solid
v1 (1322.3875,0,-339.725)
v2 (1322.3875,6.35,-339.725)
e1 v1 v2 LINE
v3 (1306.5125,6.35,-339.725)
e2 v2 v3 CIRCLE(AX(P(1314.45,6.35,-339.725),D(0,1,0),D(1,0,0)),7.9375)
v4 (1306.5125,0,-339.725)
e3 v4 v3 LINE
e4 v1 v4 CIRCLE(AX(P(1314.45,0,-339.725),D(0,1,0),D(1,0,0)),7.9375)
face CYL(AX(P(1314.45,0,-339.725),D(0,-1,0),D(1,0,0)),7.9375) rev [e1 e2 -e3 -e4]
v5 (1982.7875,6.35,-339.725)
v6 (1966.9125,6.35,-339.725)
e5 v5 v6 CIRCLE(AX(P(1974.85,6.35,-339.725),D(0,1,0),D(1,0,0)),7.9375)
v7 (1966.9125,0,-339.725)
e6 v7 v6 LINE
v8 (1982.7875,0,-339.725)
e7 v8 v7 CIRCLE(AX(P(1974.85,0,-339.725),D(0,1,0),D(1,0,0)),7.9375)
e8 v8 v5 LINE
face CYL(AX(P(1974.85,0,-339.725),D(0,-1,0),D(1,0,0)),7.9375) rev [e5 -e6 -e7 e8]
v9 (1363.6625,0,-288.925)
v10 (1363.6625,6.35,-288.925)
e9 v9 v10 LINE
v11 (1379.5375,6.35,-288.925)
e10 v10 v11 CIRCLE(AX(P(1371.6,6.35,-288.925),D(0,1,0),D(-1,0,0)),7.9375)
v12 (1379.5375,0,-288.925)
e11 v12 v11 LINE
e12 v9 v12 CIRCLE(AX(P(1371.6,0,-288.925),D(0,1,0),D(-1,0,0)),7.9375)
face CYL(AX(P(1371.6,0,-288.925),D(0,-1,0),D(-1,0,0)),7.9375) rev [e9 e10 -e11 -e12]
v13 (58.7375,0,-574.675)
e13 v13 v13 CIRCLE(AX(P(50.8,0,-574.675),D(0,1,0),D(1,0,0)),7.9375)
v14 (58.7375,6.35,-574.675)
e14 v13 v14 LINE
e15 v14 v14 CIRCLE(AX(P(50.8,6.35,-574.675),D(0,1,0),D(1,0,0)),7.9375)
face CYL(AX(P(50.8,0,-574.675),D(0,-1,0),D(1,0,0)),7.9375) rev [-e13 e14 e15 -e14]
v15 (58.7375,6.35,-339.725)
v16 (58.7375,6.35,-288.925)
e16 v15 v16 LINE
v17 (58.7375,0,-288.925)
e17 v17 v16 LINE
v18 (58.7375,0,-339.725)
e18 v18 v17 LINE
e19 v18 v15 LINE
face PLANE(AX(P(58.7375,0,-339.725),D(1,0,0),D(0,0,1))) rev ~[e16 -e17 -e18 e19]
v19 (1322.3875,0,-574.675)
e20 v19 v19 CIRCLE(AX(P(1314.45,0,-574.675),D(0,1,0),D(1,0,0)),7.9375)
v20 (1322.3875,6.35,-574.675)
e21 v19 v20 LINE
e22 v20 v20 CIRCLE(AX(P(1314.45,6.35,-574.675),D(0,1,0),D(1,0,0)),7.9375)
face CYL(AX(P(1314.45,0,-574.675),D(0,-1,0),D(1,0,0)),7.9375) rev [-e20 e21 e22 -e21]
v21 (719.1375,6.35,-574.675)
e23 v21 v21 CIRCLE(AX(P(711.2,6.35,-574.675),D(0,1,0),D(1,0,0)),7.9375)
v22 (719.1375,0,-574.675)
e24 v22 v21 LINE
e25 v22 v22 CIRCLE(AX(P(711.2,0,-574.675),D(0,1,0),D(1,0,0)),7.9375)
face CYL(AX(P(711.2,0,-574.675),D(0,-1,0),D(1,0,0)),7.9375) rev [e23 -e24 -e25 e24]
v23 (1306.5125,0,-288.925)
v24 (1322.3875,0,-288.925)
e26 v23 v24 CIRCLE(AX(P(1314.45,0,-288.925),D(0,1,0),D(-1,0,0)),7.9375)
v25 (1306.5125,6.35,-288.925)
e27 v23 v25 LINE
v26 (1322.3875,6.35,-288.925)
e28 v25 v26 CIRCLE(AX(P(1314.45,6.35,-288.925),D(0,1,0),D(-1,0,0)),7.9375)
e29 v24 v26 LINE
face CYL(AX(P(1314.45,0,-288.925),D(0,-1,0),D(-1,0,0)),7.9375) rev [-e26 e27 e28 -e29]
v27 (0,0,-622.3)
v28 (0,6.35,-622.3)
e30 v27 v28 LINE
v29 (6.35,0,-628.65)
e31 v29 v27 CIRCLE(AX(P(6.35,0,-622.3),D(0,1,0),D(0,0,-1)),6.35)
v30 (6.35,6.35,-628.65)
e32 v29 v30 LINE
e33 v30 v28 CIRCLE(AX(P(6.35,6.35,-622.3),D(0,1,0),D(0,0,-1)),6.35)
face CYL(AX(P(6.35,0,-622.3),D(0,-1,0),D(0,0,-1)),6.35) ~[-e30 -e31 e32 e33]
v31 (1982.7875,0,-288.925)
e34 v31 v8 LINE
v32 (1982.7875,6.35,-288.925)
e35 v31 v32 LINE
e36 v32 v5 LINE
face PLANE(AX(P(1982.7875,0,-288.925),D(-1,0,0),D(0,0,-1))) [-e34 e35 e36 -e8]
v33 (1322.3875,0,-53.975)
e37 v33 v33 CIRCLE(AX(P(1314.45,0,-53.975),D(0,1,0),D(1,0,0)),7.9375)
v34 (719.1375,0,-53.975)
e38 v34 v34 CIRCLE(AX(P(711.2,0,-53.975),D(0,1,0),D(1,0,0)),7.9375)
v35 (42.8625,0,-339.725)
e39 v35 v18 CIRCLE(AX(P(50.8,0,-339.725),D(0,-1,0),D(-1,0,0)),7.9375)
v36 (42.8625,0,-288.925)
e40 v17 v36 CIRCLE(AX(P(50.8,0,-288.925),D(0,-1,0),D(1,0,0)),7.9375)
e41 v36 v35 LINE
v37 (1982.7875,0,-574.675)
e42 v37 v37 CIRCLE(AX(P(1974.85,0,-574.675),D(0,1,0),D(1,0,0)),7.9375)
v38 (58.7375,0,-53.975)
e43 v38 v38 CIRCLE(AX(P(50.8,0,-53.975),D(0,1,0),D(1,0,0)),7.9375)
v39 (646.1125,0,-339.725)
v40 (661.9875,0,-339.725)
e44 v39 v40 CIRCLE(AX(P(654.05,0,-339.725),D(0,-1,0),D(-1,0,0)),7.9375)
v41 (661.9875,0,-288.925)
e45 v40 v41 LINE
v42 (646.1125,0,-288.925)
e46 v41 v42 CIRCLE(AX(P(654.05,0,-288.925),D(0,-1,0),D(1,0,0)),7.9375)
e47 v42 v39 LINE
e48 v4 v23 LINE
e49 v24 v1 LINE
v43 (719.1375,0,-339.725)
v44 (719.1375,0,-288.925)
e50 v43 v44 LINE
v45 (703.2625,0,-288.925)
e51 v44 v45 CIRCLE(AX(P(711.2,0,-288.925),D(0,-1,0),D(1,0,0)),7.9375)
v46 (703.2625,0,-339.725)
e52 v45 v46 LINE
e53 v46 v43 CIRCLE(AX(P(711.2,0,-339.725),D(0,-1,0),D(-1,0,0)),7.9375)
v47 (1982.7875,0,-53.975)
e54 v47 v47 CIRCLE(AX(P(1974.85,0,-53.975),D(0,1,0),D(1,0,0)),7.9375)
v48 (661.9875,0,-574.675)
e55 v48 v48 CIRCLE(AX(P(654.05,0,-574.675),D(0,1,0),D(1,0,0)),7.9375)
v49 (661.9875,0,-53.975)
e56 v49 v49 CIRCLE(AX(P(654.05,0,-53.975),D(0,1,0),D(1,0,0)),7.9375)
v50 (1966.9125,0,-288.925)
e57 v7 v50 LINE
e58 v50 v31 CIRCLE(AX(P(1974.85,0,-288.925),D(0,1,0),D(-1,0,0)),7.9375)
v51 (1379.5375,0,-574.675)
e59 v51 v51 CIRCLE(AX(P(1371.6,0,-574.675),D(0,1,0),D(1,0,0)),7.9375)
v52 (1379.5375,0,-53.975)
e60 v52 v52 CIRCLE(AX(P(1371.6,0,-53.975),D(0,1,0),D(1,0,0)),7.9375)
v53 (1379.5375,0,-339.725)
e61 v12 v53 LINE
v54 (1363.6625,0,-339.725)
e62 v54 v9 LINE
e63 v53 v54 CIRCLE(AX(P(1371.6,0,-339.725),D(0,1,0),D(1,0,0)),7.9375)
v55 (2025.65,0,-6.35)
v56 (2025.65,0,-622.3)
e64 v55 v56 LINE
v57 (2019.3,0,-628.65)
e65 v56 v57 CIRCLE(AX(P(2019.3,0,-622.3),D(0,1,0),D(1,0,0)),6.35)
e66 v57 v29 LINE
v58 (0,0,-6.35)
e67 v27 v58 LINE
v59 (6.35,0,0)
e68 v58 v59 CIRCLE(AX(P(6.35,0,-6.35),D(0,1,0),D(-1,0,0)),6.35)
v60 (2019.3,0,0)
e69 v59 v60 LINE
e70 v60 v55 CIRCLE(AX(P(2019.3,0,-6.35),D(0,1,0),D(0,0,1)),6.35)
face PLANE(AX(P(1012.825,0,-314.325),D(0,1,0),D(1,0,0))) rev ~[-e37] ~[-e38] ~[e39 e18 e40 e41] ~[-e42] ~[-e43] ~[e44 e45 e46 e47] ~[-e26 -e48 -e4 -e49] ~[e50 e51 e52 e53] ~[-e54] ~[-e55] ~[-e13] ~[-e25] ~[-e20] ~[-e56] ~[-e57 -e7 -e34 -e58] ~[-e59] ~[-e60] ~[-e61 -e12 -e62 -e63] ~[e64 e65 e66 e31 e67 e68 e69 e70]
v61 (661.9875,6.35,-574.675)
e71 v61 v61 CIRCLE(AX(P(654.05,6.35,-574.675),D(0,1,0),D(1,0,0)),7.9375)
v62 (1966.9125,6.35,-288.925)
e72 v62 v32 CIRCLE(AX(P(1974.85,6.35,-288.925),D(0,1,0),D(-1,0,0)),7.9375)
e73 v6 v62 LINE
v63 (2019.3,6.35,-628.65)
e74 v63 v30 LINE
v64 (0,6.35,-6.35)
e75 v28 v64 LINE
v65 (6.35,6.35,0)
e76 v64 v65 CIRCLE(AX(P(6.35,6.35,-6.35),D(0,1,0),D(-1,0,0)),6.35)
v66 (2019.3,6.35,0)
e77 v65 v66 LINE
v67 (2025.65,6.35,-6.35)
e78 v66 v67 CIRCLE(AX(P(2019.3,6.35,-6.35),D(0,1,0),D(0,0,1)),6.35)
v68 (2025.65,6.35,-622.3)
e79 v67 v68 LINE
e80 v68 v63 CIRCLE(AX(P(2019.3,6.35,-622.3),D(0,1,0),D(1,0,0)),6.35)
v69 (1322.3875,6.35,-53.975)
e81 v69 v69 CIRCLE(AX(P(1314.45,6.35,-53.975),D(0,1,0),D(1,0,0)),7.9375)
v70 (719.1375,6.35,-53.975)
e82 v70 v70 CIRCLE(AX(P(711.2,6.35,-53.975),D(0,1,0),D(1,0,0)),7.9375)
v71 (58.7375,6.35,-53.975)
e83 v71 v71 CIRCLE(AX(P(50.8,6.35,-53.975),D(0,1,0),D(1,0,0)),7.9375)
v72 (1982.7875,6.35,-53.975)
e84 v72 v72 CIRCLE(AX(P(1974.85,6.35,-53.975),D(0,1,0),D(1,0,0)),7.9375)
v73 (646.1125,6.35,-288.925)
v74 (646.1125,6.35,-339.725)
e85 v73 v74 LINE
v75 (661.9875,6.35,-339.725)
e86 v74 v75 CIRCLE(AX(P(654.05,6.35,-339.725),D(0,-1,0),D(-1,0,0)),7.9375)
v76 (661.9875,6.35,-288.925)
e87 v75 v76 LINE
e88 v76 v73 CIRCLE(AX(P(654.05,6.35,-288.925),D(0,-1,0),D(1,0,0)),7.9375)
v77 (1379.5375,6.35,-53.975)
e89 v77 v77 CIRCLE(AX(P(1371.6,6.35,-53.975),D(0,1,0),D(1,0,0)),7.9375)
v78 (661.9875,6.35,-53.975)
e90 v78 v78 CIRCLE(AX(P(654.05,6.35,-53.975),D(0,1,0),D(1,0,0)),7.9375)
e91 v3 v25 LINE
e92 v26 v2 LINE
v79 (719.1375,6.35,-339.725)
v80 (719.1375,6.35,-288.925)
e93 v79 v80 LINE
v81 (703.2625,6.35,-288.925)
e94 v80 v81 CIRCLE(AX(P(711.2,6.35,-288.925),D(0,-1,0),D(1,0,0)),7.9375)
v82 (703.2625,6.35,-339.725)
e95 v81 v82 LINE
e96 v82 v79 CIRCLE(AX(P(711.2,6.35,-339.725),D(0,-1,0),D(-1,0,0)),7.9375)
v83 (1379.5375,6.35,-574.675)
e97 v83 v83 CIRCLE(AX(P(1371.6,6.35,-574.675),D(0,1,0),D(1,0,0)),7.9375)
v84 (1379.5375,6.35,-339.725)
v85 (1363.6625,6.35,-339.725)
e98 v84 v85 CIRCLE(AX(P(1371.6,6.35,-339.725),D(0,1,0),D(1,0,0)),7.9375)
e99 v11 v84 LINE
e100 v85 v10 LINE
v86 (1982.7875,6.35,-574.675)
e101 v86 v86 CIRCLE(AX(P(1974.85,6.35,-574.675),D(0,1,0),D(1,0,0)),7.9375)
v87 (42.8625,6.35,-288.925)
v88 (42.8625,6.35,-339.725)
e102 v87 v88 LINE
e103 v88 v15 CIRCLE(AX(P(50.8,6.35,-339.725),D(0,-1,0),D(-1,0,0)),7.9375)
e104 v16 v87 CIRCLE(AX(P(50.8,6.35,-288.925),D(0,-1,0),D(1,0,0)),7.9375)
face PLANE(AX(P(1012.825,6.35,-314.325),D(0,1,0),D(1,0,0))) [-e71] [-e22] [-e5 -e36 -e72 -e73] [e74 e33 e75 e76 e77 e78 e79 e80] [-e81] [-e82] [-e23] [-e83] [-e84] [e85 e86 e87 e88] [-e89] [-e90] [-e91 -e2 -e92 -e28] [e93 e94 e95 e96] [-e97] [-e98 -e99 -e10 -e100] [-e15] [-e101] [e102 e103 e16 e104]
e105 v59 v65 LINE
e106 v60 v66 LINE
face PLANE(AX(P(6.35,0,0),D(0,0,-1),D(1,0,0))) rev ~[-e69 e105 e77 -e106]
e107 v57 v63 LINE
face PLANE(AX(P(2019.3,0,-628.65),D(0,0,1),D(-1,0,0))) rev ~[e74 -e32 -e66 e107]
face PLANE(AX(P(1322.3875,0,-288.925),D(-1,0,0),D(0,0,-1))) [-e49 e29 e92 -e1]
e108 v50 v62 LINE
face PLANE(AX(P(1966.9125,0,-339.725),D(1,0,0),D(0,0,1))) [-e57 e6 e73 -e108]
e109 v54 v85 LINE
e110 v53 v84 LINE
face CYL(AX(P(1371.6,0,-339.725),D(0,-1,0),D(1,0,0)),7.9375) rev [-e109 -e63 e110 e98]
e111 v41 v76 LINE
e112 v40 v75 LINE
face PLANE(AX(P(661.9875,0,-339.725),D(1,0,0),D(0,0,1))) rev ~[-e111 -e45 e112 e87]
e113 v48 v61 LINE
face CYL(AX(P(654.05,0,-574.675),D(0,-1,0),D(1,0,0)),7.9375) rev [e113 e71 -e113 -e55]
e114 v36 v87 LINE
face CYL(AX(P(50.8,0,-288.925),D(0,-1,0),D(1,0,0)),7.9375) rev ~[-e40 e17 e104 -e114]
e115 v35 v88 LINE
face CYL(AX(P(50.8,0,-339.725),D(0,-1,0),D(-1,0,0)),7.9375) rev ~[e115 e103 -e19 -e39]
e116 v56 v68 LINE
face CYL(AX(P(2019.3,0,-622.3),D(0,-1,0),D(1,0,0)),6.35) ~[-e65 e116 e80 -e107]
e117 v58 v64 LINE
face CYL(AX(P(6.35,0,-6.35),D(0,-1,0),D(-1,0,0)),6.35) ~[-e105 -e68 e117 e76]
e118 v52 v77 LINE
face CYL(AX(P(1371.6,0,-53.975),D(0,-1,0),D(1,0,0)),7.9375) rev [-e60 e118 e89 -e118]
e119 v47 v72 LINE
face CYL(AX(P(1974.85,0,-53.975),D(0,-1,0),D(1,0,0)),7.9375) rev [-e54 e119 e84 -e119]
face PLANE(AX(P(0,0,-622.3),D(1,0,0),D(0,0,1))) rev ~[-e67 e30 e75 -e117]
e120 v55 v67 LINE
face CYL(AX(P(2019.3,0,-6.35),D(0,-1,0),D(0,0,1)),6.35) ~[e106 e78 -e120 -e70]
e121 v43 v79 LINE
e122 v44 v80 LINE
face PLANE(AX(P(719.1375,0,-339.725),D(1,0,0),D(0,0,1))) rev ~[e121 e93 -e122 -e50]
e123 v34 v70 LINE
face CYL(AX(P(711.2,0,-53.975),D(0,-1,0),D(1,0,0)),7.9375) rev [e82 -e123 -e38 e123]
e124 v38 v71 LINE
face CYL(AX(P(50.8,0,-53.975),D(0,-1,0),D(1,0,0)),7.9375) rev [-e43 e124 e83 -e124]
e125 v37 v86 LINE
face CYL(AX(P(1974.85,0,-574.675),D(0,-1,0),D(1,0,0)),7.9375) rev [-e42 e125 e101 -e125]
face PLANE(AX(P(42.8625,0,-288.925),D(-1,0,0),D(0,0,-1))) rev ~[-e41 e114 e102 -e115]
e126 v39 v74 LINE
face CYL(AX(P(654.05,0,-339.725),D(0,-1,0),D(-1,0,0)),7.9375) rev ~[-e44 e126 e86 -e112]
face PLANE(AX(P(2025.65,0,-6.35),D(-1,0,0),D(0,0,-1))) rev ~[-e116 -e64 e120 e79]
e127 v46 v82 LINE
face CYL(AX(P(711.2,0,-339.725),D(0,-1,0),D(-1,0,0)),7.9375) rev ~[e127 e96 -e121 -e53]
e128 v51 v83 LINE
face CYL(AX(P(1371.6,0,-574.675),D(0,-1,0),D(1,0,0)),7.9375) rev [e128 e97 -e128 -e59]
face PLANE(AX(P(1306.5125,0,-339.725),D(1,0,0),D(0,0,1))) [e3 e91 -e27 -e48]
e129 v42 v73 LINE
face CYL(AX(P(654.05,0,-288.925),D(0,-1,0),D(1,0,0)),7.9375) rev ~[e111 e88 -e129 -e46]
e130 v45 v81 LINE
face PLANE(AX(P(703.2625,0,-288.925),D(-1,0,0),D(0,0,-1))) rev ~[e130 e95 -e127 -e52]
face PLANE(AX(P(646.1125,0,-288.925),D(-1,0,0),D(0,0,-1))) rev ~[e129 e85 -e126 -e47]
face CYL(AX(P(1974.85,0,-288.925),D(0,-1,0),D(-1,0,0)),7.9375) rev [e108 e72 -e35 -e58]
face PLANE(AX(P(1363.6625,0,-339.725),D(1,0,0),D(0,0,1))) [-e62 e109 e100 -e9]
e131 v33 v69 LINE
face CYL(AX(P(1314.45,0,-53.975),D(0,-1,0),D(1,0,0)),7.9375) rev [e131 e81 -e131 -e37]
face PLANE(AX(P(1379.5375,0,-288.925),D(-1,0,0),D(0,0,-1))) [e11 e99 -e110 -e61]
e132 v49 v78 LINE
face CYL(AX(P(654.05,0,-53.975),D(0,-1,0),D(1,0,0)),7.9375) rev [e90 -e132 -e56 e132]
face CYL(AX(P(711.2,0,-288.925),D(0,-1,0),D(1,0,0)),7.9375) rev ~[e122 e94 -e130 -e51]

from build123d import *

# Parameters (mm, degrees)
SKETCH1_R           = 7.9375
BOSS_EXTRUDE1_DEPTH = 6.35


with BuildPart() as part:
    # Sketch1 → Boss-Extrude1 (new body)
    with BuildSketch(Plane(origin=(0, 0, 0), x_dir=(1, 0, 0), z_dir=(0, 1, 0))):
        with BuildLine():
            Line((6.35, 0), (2019.3, 0))
            ThreePointArc((2019.3, 0), (2023.790128061, 1.859871939), (2025.65, 6.35))
            Line((2025.65, 6.35), (2025.65, 622.3))
            ThreePointArc((2025.65, 622.3), (2023.790128061, 626.790128061), (2019.3, 628.65))
            Line((2019.3, 628.65), (6.35, 628.65))
            ThreePointArc((6.35, 628.65), (1.859871939, 626.790128061), (0, 622.3))
            Line((0, 622.3), (0, 6.35))
            ThreePointArc((0, 6.35), (1.859871939, 1.859871939), (6.35, 0))
        make_face()
        with Locations((50.8, 574.675)):
            Circle(SKETCH1_R, mode=Mode.SUBTRACT)
        with Locations((1974.85, 574.675)):
            Circle(SKETCH1_R, mode=Mode.SUBTRACT)
        with Locations((1974.85, 53.975)):
            Circle(SKETCH1_R, mode=Mode.SUBTRACT)
        with Locations((50.8, 53.975)):
            Circle(SKETCH1_R, mode=Mode.SUBTRACT)
        with Locations((654.05, 574.675)):
            Circle(SKETCH1_R, mode=Mode.SUBTRACT)
        with Locations((1371.6, 574.675)):
            Circle(SKETCH1_R, mode=Mode.SUBTRACT)
        with Locations((711.2, 574.675)):
            Circle(SKETCH1_R, mode=Mode.SUBTRACT)
        with Locations((711.2, 53.975)):
            Circle(SKETCH1_R, mode=Mode.SUBTRACT)
        with Locations((654.05, 53.975)):
            Circle(SKETCH1_R, mode=Mode.SUBTRACT)
        with Locations((1314.45, 574.675)):
            Circle(SKETCH1_R, mode=Mode.SUBTRACT)
        with Locations((1314.45, 53.975)):
            Circle(SKETCH1_R, mode=Mode.SUBTRACT)
        with Locations((1371.6, 53.975)):
            Circle(SKETCH1_R, mode=Mode.SUBTRACT)
        with BuildLine():
            Line((58.7375, 339.725), (58.7375, 288.925))
            ThreePointArc((58.7375, 288.925), (50.8, 280.9875), (42.8625, 288.925))
            Line((42.8625, 288.925), (42.8625, 339.725))
            ThreePointArc((42.8625, 339.725), (50.8, 347.6625), (58.7375, 339.725))
        make_face(mode=Mode.SUBTRACT)
        with BuildLine():
            Line((661.9875, 339.725), (661.9875, 288.925))
            ThreePointArc((661.9875, 288.925), (654.05, 280.9875), (646.1125, 288.925))
            Line((646.1125, 288.925), (646.1125, 339.725))
            ThreePointArc((646.1125, 339.725), (654.05, 347.6625), (661.9875, 339.725))
        make_face(mode=Mode.SUBTRACT)
        with BuildLine():
            Line((719.1375, 339.725), (719.1375, 288.925))
            ThreePointArc((719.1375, 288.925), (711.2, 280.9875), (703.2625, 288.925))
            Line((703.2625, 288.925), (703.2625, 339.725))
            ThreePointArc((703.2625, 339.725), (711.2, 347.6625), (719.1375, 339.725))
        make_face(mode=Mode.SUBTRACT)
        with BuildLine():
            Line((1966.9125, 339.725), (1966.9125, 288.925))
            ThreePointArc((1966.9125, 288.925), (1974.85, 280.9875), (1982.7875, 288.925))
            Line((1982.7875, 288.925), (1982.7875, 339.725))
            ThreePointArc((1982.7875, 339.725), (1974.85, 347.6625), (1966.9125, 339.725))
        make_face(mode=Mode.SUBTRACT)
        with BuildLine():
            Line((1306.5125, 339.725), (1306.5125, 288.925))
            ThreePointArc((1306.5125, 288.925), (1314.45, 280.9875), (1322.3875, 288.925))
            Line((1322.3875, 288.925), (1322.3875, 339.725))
            ThreePointArc((1322.3875, 339.725), (1314.45, 347.6625), (1306.5125, 339.725))
        make_face(mode=Mode.SUBTRACT)
        with BuildLine():
            Line((1363.6625, 339.725), (1363.6625, 288.925))
            ThreePointArc((1363.6625, 288.925), (1371.6, 280.9875), (1379.5375, 288.925))
            Line((1379.5375, 288.925), (1379.5375, 339.725))
            ThreePointArc((1379.5375, 339.725), (1371.6, 347.6625), (1363.6625, 339.725))
        make_face(mode=Mode.SUBTRACT)
    extrude(amount=BOSS_EXTRUDE1_DEPTH)


solid = part.part
